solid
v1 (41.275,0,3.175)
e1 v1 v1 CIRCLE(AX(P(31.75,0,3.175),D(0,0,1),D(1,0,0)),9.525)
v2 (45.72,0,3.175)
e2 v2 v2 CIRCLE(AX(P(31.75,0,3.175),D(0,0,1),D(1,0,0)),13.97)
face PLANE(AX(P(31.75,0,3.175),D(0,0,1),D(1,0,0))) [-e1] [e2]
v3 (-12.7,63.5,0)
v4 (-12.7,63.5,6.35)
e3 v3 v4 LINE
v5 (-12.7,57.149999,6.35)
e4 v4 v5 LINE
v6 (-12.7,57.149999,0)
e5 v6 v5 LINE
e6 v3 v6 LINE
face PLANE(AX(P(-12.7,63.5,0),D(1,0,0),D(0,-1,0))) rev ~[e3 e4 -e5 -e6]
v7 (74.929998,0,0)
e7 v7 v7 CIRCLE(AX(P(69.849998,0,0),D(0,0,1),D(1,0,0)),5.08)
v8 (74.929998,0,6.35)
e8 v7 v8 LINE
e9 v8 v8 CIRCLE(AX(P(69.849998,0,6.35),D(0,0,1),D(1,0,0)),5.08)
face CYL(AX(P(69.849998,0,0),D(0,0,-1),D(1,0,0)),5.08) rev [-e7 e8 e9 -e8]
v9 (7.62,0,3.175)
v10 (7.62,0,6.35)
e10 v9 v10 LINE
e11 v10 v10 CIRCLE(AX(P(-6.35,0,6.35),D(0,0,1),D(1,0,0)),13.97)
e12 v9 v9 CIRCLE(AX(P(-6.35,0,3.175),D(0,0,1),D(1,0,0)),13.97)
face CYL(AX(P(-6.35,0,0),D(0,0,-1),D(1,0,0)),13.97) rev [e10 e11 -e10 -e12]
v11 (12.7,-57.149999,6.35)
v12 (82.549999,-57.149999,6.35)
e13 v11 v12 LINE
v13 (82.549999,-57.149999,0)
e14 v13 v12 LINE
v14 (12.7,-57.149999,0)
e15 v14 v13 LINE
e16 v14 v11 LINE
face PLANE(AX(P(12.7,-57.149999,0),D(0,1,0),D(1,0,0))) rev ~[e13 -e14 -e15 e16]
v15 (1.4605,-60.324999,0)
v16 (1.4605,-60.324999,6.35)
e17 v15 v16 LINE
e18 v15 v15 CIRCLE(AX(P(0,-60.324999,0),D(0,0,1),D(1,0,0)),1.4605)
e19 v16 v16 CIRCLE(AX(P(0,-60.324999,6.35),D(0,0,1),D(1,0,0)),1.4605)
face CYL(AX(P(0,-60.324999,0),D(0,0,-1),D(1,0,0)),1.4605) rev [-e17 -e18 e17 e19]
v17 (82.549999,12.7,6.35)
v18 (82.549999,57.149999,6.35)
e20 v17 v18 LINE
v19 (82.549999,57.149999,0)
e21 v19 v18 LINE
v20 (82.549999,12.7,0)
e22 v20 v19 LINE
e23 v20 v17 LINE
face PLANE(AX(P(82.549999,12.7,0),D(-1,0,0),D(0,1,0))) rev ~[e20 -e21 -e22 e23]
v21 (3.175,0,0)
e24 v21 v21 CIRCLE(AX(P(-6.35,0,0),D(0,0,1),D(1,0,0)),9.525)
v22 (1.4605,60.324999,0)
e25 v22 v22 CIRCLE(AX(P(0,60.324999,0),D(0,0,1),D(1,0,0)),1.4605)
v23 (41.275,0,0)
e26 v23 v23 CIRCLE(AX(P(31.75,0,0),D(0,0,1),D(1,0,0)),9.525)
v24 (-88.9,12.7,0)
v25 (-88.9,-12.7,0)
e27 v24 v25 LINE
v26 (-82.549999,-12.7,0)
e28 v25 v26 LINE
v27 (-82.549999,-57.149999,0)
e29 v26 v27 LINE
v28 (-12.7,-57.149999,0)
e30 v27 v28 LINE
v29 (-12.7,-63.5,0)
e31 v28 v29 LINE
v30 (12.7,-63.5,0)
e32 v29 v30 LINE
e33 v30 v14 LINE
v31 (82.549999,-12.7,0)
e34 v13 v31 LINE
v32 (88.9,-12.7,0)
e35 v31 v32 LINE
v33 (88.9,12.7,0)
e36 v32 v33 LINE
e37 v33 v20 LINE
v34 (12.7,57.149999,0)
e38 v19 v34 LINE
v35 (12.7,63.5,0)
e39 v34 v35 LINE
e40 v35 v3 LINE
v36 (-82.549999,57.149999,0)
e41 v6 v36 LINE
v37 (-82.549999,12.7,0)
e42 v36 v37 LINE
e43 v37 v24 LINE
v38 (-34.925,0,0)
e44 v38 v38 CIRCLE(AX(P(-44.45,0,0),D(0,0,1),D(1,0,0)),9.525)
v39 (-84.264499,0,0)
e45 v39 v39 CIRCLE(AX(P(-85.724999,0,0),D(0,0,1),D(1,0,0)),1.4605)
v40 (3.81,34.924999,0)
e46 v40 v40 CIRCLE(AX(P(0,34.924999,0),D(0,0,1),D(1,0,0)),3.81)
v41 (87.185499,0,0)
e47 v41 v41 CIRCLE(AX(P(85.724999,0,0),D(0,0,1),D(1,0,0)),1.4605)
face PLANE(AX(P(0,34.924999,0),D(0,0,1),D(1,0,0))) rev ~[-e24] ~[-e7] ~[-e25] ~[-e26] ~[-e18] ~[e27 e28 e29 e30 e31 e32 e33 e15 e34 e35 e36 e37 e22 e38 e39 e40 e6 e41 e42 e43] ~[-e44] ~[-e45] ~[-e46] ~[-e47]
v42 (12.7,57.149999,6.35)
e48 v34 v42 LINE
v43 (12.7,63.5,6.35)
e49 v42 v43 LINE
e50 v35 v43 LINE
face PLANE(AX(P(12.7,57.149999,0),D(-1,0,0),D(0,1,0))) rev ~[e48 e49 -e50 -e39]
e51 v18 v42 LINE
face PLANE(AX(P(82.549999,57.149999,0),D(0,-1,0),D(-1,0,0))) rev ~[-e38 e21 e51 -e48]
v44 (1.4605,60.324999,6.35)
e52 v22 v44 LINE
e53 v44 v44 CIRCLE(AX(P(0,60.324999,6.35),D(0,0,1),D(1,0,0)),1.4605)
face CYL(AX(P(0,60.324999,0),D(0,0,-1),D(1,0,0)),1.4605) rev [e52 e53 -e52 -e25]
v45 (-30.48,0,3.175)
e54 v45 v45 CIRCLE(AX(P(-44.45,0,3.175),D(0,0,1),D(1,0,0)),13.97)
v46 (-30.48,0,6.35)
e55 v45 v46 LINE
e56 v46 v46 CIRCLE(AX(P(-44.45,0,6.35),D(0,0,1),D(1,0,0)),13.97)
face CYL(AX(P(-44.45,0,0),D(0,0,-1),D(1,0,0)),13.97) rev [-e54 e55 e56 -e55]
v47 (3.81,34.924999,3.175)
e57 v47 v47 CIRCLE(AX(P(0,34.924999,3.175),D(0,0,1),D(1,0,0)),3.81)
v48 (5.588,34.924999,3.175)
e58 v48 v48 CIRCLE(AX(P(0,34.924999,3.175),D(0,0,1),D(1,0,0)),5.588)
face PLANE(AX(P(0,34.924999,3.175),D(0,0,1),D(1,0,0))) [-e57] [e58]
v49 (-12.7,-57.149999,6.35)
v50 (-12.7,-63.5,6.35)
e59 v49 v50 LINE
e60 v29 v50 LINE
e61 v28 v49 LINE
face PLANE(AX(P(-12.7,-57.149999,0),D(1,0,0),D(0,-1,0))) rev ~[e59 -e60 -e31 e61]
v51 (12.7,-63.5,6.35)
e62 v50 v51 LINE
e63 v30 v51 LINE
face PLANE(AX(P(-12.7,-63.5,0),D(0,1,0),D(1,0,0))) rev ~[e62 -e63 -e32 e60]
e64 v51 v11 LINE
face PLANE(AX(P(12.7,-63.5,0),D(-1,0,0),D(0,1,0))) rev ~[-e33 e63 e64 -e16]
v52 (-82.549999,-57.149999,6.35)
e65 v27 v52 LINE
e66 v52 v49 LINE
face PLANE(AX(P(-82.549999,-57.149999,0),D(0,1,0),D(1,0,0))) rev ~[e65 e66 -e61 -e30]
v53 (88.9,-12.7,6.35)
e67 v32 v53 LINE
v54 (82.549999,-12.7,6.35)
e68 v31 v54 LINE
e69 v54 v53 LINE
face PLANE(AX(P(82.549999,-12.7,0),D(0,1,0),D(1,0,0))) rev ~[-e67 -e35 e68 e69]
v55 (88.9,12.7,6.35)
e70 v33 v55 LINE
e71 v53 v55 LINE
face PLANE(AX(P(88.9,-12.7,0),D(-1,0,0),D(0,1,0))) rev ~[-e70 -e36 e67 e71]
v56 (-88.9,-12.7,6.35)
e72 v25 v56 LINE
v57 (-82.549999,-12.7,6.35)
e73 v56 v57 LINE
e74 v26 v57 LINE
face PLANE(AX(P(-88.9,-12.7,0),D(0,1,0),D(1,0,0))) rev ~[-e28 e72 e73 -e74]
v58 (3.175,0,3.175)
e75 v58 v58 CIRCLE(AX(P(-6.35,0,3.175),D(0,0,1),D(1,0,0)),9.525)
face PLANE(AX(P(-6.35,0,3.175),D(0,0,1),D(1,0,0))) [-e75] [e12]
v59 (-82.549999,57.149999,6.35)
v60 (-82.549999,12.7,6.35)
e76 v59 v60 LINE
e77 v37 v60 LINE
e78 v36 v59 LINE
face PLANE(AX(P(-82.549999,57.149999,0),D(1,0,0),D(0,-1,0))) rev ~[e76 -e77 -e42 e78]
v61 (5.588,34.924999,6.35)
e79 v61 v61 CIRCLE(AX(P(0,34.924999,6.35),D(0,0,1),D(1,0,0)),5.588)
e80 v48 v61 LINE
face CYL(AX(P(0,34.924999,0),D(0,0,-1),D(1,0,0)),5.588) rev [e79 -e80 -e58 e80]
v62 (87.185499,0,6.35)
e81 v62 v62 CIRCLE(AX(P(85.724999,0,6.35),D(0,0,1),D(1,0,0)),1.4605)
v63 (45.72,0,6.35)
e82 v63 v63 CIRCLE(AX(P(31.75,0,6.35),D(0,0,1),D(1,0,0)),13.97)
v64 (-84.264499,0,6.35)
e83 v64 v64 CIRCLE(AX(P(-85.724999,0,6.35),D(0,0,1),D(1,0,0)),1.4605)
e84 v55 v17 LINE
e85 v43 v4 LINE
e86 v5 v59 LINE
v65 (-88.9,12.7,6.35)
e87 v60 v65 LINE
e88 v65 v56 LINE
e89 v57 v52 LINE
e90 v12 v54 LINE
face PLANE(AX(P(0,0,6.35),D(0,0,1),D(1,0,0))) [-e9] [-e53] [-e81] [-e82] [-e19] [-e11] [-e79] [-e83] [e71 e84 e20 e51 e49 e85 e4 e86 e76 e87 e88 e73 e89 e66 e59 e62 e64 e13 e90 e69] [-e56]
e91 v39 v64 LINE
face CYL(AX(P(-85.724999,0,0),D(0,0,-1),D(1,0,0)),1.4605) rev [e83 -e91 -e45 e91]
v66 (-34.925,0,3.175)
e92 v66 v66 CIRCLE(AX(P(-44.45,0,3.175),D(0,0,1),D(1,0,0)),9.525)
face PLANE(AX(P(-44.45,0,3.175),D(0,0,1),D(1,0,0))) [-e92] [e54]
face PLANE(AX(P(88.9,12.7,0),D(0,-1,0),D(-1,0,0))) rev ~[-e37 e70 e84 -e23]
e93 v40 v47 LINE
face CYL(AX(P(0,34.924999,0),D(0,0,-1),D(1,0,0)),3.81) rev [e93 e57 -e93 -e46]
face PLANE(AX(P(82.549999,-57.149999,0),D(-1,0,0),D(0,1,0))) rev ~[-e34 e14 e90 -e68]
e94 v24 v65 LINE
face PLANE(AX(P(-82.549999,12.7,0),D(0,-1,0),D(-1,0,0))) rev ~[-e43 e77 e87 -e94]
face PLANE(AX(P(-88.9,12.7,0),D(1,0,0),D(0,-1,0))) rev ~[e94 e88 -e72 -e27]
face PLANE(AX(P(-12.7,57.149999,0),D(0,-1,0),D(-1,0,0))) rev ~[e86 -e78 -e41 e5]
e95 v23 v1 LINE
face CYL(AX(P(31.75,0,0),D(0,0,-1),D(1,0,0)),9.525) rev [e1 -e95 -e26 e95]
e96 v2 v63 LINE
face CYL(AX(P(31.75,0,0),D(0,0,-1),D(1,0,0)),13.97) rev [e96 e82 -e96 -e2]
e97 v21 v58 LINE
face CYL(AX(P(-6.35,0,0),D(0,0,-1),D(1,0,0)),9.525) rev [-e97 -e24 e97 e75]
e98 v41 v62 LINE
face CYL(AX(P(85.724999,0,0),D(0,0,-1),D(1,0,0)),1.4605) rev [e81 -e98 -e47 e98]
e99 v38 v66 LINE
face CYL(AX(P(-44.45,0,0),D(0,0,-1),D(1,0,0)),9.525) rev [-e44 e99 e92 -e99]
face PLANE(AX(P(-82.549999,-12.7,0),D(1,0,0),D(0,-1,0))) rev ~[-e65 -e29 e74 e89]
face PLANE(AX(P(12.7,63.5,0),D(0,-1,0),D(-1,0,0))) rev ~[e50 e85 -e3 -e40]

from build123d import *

# Parameters (mm, degrees)
F0_R     = 1.4605
F0_R_2   = 13.97
F0_R_3   = 5.08
F0_R_4   = 5.588
F1_DEPTH = 6.35
F0_R_5   = 9.525
F2_DEPTH = 3.175
F0_R_6   = 3.81
F3_DEPTH = 3.175


with BuildPart() as f1:
    # F0 (on Top) → F1 (new body)
    with BuildSketch(Plane.XY):
        Polygon((-12.7, -63.5), (12.7, -63.5), (12.7, -57.149999), (82.549999, -57.149999), (82.549999, -12.7), (88.9, -12.7), (88.9, 12.7), (82.549999, 12.7), (82.549999, 57.149999), (12.7, 57.149999), (12.7, 63.5), (-12.7, 63.5), (-12.7, 57.149999), (-82.549999, 57.149999), (-82.549999, 12.7), (-88.9, 12.7), (-88.9, -12.7), (-82.549999, -12.7), (-82.549999, -57.149999), (-12.7, -57.149999), align=None)
        with Locations((0, -60.324999)):
            Circle(F0_R, mode=Mode.SUBTRACT)
        with Locations((-85.724999, 0)):
            Circle(F0_R, mode=Mode.SUBTRACT)
        with Locations((-44.45, 0)):
            Circle(F0_R_2, mode=Mode.SUBTRACT)
        with Locations((-6.35, 0)):
            Circle(F0_R_2, mode=Mode.SUBTRACT)
        with Locations((31.75, 0)):
            Circle(F0_R_2, mode=Mode.SUBTRACT)
        with Locations((69.849998, 0)):
            Circle(F0_R_3, mode=Mode.SUBTRACT)
        with Locations((85.724999, 0)):
            Circle(F0_R, mode=Mode.SUBTRACT)
        with Locations((0, 34.924999)):
            Circle(F0_R_4, mode=Mode.SUBTRACT)
        with Locations((0, 60.324999)):
            Circle(F0_R, mode=Mode.SUBTRACT)
    extrude(amount=F1_DEPTH)

    # F0 (on Top) → F2 (join)
    with BuildSketch(Plane.XY):
        with Locations((-44.45, 0)):
            Circle(F0_R_2)
        with Locations((-44.45, 0)):
            Circle(F0_R_5, mode=Mode.SUBTRACT)
        with Locations((-6.35, 0)):
            Circle(F0_R_2)
        with Locations((-6.35, 0)):
            Circle(F0_R_5, mode=Mode.SUBTRACT)
        with Locations((31.75, 0)):
            Circle(F0_R_2)
        with Locations((31.75, 0)):
            Circle(F0_R_5, mode=Mode.SUBTRACT)
    extrude(amount=F2_DEPTH)

    # F0 (on Top) → F3 (join)
    with BuildSketch(Plane.XY):
        with Locations((0, 34.924999)):
            Circle(F0_R_4)
        with Locations((0, 34.924999)):
            Circle(F0_R_6, mode=Mode.SUBTRACT)
    extrude(amount=F3_DEPTH)


solid = f1.part
